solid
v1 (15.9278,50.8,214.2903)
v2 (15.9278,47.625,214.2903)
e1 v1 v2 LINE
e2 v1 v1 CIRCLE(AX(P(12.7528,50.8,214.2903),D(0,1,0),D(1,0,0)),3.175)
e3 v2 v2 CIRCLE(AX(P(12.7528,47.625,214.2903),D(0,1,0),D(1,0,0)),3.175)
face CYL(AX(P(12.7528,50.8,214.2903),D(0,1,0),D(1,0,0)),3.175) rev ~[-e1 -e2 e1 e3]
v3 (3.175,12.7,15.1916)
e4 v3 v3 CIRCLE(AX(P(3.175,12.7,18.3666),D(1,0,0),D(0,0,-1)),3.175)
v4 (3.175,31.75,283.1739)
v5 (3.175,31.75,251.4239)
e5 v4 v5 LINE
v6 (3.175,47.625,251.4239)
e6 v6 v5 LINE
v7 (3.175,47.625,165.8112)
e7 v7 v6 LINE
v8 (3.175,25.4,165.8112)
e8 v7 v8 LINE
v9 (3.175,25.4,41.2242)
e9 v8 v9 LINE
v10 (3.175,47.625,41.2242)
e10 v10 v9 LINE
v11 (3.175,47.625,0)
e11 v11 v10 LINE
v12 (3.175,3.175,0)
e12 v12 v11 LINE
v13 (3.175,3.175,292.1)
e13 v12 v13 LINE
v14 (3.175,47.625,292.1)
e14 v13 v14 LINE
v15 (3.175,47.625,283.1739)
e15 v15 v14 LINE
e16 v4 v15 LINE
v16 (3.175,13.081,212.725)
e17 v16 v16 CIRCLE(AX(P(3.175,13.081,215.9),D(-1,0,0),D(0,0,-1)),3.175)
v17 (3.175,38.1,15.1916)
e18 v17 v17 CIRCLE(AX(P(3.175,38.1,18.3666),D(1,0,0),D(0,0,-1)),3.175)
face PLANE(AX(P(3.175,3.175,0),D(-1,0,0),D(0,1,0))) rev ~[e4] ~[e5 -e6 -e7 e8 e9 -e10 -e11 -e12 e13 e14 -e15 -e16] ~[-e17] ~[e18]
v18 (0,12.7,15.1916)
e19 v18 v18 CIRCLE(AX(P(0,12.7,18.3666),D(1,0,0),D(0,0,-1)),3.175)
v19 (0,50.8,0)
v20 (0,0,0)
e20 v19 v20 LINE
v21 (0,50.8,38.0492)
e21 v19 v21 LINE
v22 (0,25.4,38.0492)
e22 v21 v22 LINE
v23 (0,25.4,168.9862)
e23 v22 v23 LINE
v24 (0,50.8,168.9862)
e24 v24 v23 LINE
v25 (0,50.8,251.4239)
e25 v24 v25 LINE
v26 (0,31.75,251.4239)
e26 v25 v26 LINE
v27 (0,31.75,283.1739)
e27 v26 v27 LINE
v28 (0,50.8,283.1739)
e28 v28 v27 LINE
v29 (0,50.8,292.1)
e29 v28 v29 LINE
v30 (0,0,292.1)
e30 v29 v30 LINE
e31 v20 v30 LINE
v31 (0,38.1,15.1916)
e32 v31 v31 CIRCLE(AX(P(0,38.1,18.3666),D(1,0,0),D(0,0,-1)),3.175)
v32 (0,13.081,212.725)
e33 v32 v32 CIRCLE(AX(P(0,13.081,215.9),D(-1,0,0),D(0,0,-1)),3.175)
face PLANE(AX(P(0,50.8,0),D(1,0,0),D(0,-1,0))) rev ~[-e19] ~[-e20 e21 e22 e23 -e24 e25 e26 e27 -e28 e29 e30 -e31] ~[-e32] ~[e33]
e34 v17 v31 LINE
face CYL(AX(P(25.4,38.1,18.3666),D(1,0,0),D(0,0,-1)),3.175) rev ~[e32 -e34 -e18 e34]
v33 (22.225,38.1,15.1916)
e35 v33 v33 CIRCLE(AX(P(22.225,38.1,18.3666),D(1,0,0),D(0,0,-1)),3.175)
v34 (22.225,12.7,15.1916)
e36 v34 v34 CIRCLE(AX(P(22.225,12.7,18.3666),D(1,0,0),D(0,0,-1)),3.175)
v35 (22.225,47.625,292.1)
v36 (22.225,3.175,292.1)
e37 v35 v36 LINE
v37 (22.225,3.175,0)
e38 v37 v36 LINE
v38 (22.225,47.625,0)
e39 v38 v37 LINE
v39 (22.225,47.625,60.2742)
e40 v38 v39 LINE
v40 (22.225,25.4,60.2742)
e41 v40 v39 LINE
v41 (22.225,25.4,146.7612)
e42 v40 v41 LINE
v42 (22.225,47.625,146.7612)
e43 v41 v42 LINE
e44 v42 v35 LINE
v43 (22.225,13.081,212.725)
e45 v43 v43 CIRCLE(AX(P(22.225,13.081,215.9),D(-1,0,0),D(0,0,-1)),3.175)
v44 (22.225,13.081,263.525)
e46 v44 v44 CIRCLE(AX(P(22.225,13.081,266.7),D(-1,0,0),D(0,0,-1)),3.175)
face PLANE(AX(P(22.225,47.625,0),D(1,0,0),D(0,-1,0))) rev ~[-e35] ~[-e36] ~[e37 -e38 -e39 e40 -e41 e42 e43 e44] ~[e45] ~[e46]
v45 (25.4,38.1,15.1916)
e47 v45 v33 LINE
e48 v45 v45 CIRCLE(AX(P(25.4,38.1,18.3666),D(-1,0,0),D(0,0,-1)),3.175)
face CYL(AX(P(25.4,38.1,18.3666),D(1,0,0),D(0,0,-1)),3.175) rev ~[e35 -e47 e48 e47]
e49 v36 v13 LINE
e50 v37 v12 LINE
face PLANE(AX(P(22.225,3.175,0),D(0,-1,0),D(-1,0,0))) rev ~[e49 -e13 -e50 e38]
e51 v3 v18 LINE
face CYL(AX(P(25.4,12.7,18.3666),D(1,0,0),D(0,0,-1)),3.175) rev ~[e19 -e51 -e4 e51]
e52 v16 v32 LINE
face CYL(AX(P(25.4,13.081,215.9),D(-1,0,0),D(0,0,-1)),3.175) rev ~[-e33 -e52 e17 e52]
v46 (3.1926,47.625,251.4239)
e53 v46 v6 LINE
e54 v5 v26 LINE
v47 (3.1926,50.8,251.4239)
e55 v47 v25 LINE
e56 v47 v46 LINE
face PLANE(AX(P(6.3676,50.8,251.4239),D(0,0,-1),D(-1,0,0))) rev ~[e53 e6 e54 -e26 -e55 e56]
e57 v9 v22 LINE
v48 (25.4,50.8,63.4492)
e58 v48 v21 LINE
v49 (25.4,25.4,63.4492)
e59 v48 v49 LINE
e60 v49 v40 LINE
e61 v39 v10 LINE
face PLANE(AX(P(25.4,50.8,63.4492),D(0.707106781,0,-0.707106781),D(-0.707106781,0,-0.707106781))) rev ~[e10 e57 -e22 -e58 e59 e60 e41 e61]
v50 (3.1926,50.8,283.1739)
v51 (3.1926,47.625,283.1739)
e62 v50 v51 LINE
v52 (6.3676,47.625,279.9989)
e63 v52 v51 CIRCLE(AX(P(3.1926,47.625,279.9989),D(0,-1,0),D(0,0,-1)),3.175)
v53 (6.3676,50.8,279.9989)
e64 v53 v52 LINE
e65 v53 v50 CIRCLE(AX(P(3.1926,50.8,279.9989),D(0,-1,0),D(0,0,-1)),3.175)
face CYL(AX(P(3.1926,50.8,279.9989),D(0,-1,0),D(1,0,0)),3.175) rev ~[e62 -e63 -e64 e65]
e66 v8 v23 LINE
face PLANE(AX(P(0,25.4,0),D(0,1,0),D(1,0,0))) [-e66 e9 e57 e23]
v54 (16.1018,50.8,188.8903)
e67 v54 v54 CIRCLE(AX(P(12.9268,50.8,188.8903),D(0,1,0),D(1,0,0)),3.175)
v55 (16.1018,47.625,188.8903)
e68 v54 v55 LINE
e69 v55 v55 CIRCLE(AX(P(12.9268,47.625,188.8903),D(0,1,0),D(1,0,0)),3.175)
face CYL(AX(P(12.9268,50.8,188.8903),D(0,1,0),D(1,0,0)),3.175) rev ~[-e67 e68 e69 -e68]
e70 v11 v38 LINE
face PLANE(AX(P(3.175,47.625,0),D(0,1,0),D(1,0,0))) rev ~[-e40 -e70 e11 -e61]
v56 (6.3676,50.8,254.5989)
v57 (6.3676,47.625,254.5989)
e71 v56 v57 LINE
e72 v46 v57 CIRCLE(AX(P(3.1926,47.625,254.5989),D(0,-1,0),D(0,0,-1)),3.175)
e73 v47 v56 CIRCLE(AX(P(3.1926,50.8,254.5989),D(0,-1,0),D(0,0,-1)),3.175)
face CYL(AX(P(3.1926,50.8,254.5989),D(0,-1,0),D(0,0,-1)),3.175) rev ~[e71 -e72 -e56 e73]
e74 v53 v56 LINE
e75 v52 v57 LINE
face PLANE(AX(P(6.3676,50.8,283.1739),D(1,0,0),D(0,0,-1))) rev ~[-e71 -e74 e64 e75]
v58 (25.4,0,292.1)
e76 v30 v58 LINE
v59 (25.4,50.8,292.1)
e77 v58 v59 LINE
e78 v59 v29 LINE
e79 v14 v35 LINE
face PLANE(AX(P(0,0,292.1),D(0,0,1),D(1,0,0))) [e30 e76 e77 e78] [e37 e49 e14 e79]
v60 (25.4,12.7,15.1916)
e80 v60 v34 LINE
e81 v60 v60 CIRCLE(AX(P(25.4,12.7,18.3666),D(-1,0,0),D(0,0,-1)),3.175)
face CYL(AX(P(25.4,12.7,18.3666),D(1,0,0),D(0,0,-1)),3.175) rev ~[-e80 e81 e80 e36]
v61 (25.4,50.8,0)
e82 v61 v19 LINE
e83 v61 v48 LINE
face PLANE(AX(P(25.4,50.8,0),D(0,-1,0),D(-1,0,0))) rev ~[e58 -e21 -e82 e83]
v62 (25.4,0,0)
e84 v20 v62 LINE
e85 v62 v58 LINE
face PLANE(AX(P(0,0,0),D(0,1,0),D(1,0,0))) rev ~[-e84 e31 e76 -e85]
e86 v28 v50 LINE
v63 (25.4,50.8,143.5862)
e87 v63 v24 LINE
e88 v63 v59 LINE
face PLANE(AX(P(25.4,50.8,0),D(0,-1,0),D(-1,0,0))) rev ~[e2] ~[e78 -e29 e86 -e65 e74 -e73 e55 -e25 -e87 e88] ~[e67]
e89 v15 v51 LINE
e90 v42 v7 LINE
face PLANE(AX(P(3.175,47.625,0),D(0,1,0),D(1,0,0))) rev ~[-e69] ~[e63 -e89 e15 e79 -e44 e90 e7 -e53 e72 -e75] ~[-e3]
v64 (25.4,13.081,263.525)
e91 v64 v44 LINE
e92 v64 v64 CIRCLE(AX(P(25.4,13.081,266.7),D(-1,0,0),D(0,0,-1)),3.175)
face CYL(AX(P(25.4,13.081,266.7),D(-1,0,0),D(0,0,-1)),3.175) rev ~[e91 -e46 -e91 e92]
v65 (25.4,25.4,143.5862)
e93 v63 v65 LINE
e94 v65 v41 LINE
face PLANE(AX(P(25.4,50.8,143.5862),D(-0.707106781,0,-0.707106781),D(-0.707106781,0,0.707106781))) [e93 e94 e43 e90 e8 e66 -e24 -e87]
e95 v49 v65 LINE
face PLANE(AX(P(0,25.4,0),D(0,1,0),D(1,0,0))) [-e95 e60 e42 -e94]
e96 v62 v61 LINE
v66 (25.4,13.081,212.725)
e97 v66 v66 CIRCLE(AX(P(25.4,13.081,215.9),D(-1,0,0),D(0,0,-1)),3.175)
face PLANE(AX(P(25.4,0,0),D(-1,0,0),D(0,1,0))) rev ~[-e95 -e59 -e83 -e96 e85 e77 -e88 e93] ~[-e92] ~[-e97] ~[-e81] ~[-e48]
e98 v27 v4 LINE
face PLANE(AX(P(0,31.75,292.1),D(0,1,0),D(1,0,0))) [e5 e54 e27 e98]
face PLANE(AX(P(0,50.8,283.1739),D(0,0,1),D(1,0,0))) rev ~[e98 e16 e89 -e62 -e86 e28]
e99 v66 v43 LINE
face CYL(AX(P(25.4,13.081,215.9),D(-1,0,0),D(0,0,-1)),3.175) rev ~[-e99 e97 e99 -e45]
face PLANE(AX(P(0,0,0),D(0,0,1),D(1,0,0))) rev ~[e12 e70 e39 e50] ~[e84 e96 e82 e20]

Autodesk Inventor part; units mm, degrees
ref_plane "YZ Plane" through (0, 0, 0) normal (1, 0, 0) x (0, 1, 0)
ref_plane "XZ Plane" through (0, 0, 0) normal (0, 1, 0) x (-1, 0, 0)
ref_plane "XY Plane" through (0, 0, 0) normal (0, 0, 1) x (1, 0, 0)
sketch "Sketch1" plane through (0, 0, 0) normal (0, 0, 1) x (1, 0, 0)
  line L0 (0, 0) -> (25.4, 0)
  line L1 (25.4, 0) -> (25.4, 50.8)
  line L2 (25.4, 50.8) -> (0, 50.8)
  line L3 (0, 50.8) -> (0, 0)
  line L4 (3.175, 47.625) -> (22.225, 47.625)
  line L5 (22.225, 47.625) -> (22.225, 3.175)
  line L6 (22.225, 3.175) -> (3.175, 3.175)
  line L7 (3.175, 3.175) -> (3.175, 47.625)
  dimension "d0" = 25.4
  dimension "d1" = 50.8
  dimension "d2" = 3.175
extrude "Extrusion1" add sketch "Sketch1" along normal blind 292.1
sketch "Sketch2" plane through (0, 50.8, 0) normal (0, 1, 0) x (1, 0, 0)
  line L0 (25.4, 0) -> (25.4, -292.1) projected
  line L1 (0, 0) -> (0, -292.1) projected
  line L2 (25.4, -63.4492) -> (0, -38.0492)
  line L3 (25.4, -143.5862) -> (0, -168.9862)
  line L4 (0, -168.9862) -> (0, -38.0492)
  line L5 (25.4, -143.5862) -> (25.4, -63.4492)
extrude "Extrusion2" cut sketch "Sketch2" against normal blind 25.4
sketch "Sketch3" plane through (25.4, 0, 0) normal (1, 0, 0) x (0, 0, -1)
  line L0 (-15.2442, 1673.225) -> (-15.2442, -149.225) projected
  line L1 (17.7758, 1673.225) -> (17.7758, -149.225) projected
  circle A0 centre (-215.7344, 12.9914) radius 3.175 projected
  circle A1 centre (-14.559, 38.1) radius 3.175 projected
  circle A2 centre (-14.559, 12.7) radius 3.175 projected
  line L2 (-34.8742, 50.8) -> (-34.8742, 25.4) projected
  line L3 (-34.8742, 25.4) -> (-169.9072, 25.4) projected
  line L4 (-169.9072, 25.4) -> (-169.9072, 50.8) projected
  line L5 (-169.9072, 50.8) -> (-234.7144, 50.8) projected
  line L6 (-234.7144, 50.8) -> (-234.7144, 0) projected
  line L7 (0, 0) -> (-234.7144, 0) projected
  line L8 (0, 50.8) -> (0, 0) projected
  line L9 (0, 50.8) -> (-34.8742, 50.8) projected
  line L10 (0, 0) -> (-292.1, 0) projected
  line L11 (-34.8742, 50.8) -> (17.7758, 50.8)
  line L12 (17.7758, 50.8) -> (17.7758, 0)
  line L13 (17.7758, 0) -> (-34.8742, 0)
  line L14 (-34.8742, 0) -> (-34.8742, 50.8)
  circle A3 centre (-18.3666, 38.1) radius 3.175
  circle A4 centre (-18.3666, 12.7) radius 3.175
  dimension "d7" = 6.35
  dimension "d8" = 6.35
extrude "Extrusion3" cut sketch "Sketch3" against normal blind 25.4 contours A3 L0 | L0 A3 A1 | A1 A3 | A4 L0 | L0 A4 A2 | A2 A4 picked at (-16.0741, 38.1) picked at (-16.0741, 12.7)
sketch "Sketch4" plane through (0, 50.8, 292.1) normal (0, 1, 0) x (1, 0, 0)
  circle A0 centre (12.7528, 77.8097) radius 3.175 projected
  circle A1 centre (-65.5643, -12.7) radius 3.175 projected
  circle A2 centre (16.4357, -12.7) radius 3.175 projected
  circle A3 centre (-65.5643, 77.8097) radius 3.175 projected
  line L0 (-75.3643, -25.3975) -> (26.2357, -25.3975) projected
  line L1 (26.2357, 88.0643) -> (26.2357, -25.3975) projected
  line L2 (26.2357, 88.0643) -> (-75.3643, 88.0643) projected
  line L3 (-75.3643, 88.0643) -> (-75.3643, -25.3975) projected
  circle A4 centre (-24.5643, 24.5643) radius 41 projected
  circle A5 centre (-24.6714, 70.0642) radius 2.55 projected
  circle A6 centre (-70.0642, 24.4572) radius 2.55 projected
  circle A7 centre (-24.4572, -20.9355) radius 2.55 projected
  circle A8 centre (20.9355, 24.6714) radius 2.55 projected
  circle A9 centre (7.5332, 56.8133) radius 2.55 projected
  circle A10 centre (7.6847, -7.5332) radius 2.55 projected
  circle A11 centre (-56.6619, -7.6847) radius 2.55 projected
  circle A12 centre (-56.8133, 56.6619) radius 2.55 projected
  circle A13 centre (-65.5643, 77.8097) radius 3.175 projected
  circle A14 centre (-65.5643, -12.7) radius 3.175 projected
  circle A15 centre (16.4357, -12.7) radius 3.175 projected
  circle A16 centre (-24.5643, 24.5643) radius 9.525 projected
  circle A17 centre (12.9268, 103.2097) radius 3.175 projected
  circle A18 centre (-78.1301, -12.7) radius 3.175 projected
  circle A19 centre (12.7528, 77.8097) radius 3.175 projected
  line L4 (25.4, -25.4) -> (-88.9, -25.4) projected
  line L5 (25.4, 123.9554) -> (25.4, -25.4) projected
  line L6 (25.4, 123.9554) -> (-88.9, 92.2721) projected
  line L7 (-88.9, -25.4) -> (-88.9, 92.2721) projected
  point P0 (0, 292.1)
extrude "Extrusion4" cut sketch "Sketch4" against normal blind 25.4 contours A0 | A17
sketch "Sketch5" plane through (25.4, 0, 0) normal (1, 0, 0) x (0, 0, -1)
  line L0 (-292.1, 0) -> (-292.1, 50.8) projected
  line L1 (0, 0) -> (-292.1, 0) projected
  point P0 (-266.7, 13.081)
  point P1 (-215.9, 13.081)
  dimension "d13" = 25.4
  dimension "d14" = 50.8
  dimension "d15" = 13.081
  dimension "d16" = 13.081
hole "Hole1" at (25.4, 13.081, 266.7) at (25.4, 13.081, 215.9) direction (-1, 0, 0) diameter 6.35 end through all
sketch "Sketch6" plane through (0, 0, 0) normal (0, -1, 0) x (1, 0, 0)
  circle A0 centre (-24.5643, 267.5357) radius 28.3845 projected
  point P0 (0, 0)
extrude "Extrusion5" cut sketch "Sketch6" against normal blind 50.8
sketch "Sketch7" plane through (0, 50.8, 292.1) normal (0, 1, 0) x (1, 0, 0)
  line L0 (0, 10.3421) -> (0, 0) projected
  line L1 (0, 8.9261) -> (6.3676, 8.9261)
  line L2 (6.3676, 8.9261) -> (6.3676, 40.6761)
  line L3 (6.3676, 40.6761) -> (0, 40.6761)
  line L4 (0, 40.6761) -> (0, 8.9261)
  point P0 (0, 292.1)
  dimension "d26" = 31.75
extrude "Extrusion6" cut sketch "Sketch7" against normal blind 19.05
fillet "Fillet1" radius 3.175 1 edges at (6.3676, 49.2125, 251.4239)
fillet "Fillet2" radius 3.175 1 edges at (6.3676, 49.2125, 283.1739)
sketch "Sketch8" plane through (0, 0, 0) normal (0, -1, 0) x (1, 0, 0)
  line L0 (0, 283.1739) -> (0, 292.1) projected
  line L1 (3.175, 165.8112) -> (3.175, 251.4239) projected
  line L2 (0, 284.5553) -> (3.175, 284.5553)
  line L3 (3.175, 284.5553) -> (3.175, 247.1802)
  line L4 (3.175, 247.1802) -> (0, 247.1802)
  line L5 (0, 247.1802) -> (0, 284.5553)
  point P0 (0, 0)
extrude "Extrusion7" add sketch "Sketch8" against normal blind 31.75
sketch "Sketch9" plane through (0, 0, 0) normal (0, -1, 0) x (1, 0, 0)
  line L0 (1.5802, 280.6086) -> (8.0596, 280.6086)
  line L1 (8.0596, 280.6086) -> (8.0596, 250.8034)
  line L2 (8.0596, 250.8034) -> (1.5802, 250.8034)
  line L3 (1.5802, 250.8034) -> (1.5802, 280.6086)
  point P0 (0, 0)
extrude "Extrusion8" add sketch "Sketch9" against normal blind 3.175
properties part number "Fender Side Right"
